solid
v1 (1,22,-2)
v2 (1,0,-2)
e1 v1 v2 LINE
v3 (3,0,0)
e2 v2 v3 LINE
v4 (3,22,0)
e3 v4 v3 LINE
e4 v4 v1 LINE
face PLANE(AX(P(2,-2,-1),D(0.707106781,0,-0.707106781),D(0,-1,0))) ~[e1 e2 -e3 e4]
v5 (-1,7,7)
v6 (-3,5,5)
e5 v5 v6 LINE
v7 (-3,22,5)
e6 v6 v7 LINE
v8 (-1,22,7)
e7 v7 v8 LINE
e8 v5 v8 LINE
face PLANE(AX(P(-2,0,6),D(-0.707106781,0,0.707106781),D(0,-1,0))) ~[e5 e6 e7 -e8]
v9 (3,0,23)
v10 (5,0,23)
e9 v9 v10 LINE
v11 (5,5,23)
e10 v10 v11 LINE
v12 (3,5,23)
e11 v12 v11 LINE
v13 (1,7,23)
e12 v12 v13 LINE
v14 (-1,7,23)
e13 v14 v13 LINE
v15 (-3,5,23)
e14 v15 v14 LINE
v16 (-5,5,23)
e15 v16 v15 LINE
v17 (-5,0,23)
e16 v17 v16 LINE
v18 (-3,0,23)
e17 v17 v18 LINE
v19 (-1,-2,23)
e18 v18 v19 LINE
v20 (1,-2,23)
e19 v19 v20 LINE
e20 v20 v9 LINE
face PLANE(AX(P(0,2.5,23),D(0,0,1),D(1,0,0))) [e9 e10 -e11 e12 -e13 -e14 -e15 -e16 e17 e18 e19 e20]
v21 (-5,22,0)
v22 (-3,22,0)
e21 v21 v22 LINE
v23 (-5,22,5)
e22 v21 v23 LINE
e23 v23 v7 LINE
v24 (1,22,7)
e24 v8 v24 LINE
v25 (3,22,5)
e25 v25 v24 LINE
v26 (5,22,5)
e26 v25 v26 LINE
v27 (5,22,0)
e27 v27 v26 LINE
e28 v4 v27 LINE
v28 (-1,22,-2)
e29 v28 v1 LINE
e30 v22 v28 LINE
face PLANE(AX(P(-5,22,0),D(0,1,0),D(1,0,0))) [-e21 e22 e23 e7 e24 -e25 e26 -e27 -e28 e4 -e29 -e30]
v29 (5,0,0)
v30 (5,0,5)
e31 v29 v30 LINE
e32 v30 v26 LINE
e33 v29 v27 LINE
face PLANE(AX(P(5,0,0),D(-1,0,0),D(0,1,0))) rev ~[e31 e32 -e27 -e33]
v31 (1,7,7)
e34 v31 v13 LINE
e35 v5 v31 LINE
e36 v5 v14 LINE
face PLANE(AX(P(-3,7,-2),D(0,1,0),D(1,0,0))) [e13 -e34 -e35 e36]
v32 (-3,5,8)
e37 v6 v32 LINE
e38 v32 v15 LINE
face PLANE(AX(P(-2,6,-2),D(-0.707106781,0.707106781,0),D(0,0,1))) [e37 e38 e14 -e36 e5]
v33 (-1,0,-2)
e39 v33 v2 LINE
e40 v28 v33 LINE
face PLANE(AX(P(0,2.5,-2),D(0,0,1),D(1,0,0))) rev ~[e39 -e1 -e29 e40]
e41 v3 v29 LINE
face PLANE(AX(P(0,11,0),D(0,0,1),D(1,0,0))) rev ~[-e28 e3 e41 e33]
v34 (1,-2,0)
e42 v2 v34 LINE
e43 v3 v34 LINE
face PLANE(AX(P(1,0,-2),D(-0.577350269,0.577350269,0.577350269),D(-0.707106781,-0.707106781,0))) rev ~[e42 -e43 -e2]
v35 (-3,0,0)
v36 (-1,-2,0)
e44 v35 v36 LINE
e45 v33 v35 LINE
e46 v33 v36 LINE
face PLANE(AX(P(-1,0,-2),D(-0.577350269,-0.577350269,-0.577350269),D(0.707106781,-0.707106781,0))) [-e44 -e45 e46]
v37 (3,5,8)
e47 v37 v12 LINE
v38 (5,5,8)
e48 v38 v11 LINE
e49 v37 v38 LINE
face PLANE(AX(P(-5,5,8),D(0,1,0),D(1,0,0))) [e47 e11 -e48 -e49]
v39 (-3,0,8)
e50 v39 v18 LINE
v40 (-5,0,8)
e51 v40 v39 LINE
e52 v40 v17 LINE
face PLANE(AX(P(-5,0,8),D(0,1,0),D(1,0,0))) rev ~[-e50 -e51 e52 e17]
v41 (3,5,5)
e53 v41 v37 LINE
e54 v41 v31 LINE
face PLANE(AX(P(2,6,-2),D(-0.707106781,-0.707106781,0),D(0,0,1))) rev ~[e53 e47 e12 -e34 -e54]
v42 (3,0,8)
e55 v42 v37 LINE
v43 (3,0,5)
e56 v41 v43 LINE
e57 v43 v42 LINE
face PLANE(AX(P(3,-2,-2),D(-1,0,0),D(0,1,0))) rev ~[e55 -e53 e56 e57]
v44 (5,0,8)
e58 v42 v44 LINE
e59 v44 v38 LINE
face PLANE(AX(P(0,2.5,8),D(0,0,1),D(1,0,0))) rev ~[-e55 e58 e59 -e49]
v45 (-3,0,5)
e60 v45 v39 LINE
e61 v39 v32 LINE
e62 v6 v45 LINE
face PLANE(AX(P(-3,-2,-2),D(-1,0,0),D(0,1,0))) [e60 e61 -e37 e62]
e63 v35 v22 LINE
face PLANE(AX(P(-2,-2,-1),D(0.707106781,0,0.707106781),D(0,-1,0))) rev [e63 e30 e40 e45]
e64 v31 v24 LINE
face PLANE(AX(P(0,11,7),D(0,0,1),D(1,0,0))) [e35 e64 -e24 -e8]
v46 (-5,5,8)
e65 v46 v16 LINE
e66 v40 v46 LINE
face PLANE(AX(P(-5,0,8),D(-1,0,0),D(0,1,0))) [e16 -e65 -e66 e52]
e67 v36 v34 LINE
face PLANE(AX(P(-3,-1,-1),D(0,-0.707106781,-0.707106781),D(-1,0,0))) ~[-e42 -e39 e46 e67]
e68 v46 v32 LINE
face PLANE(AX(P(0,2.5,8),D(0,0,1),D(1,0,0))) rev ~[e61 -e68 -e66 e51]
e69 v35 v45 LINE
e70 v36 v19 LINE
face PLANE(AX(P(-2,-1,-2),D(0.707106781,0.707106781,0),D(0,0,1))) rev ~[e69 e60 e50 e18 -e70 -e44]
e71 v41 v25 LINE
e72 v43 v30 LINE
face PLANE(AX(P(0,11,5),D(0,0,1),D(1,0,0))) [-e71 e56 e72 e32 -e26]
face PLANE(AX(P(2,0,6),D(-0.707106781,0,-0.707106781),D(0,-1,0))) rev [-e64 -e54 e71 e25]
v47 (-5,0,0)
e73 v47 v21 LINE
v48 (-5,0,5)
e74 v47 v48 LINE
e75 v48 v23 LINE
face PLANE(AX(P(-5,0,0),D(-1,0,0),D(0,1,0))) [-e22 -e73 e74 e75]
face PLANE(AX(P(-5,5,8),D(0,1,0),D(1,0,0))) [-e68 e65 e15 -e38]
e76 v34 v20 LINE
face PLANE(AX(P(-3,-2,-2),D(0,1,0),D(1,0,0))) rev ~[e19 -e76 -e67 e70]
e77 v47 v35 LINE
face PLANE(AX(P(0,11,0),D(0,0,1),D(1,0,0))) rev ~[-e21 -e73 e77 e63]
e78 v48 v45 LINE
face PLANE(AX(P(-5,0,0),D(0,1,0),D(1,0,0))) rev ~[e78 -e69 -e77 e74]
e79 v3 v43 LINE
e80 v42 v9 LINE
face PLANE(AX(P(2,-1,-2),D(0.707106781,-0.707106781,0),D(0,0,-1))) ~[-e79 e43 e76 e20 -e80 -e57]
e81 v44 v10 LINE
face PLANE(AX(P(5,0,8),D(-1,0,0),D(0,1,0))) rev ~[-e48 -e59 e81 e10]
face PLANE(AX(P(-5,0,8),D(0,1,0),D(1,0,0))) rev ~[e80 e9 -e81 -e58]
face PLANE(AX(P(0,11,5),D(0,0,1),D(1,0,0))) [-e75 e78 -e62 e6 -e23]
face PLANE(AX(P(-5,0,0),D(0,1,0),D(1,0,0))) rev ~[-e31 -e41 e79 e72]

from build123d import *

# Parameters (mm, degrees)
BOX006001005_W     = 6
BOX006001005_H     = 9
BOX006001005_DEPTH = 25
CHAMFER003_SIZE    = 2
BOX006001004_W     = 6
BOX006001004_H     = 22
BOX006001004_DEPTH = 9
CHAMFER002_SIZE    = 2
BOX006001003_W     = 10
BOX006001003_H     = 5
BOX006001003_DEPTH = 15
BOX006001002_W     = 10
BOX006001002_H     = 22
BOX006001002_DEPTH = 5


with BuildPart() as chamfer003:
    # Box006001005 → Box006001005 (new body)
    with BuildSketch(Plane(origin=(2, -2, -2), x_dir=(1, 0, 0), z_dir=(0, 0, 1))):
        with Locations((3, 4.5)):
            Rectangle(BOX006001005_W, BOX006001005_H)
    extrude(amount=BOX006001005_DEPTH)

    # Chamfer003
    chamfer003_edges = [chamfer003.edges().sort_by_distance(p)[0] for p in [
        (2, -2, 10.5),
        (2, 7, 10.5),
        (2, 2.5, -2),
        (8, -2, 10.5),
        (8, 7, 10.5),
        (8, 2.5, -2),
        (5, -2, -2),
    ]]
    chamfer(chamfer003_edges, length=CHAMFER003_SIZE)


with BuildPart() as chamfer002:
    # Box006001004 → Box006001004 (new body)
    with BuildSketch(Plane(origin=(2, 0, -2), x_dir=(1, 0, 0), z_dir=(0, 0, 1))):
        with Locations((3, 11)):
            Rectangle(BOX006001004_W, BOX006001004_H)
    extrude(amount=BOX006001004_DEPTH)

    # Chamfer002
    chamfer002_edges = [chamfer002.edges().sort_by_distance(p)[0] for p in [
        (2, 11, 7),
        (2, 11, -2),
        (8, 11, 7),
        (8, 11, -2),
    ]]
    chamfer(chamfer002_edges, length=CHAMFER002_SIZE)


with BuildPart() as cube007:
    # Box006001003 → Box006001003 (new body)
    with BuildSketch(Plane.XY.offset(8)):
        with Locations((5, 2.5)):
            Rectangle(BOX006001003_W, BOX006001003_H)
    extrude(amount=BOX006001003_DEPTH)


with BuildPart() as fusion006002004:
    # Box006001002 → Box006001002 (new body)
    with BuildSketch(Plane.XY):
        with Locations((5, 11)):
            Rectangle(BOX006001002_W, BOX006001002_H)
    extrude(amount=BOX006001002_DEPTH)

    # Fusion006002004: union Chamfer003, Chamfer002, Cube007
    add(chamfer003.part)
    add(chamfer002.part)
    add(cube007.part)


with BuildPart() as fusion006002004_1:
    # Fusion006002004 placement: moved
    add(fusion006002004.part.moved(Location((-5, 0, 0))))


solid = fusion006002004_1.part
